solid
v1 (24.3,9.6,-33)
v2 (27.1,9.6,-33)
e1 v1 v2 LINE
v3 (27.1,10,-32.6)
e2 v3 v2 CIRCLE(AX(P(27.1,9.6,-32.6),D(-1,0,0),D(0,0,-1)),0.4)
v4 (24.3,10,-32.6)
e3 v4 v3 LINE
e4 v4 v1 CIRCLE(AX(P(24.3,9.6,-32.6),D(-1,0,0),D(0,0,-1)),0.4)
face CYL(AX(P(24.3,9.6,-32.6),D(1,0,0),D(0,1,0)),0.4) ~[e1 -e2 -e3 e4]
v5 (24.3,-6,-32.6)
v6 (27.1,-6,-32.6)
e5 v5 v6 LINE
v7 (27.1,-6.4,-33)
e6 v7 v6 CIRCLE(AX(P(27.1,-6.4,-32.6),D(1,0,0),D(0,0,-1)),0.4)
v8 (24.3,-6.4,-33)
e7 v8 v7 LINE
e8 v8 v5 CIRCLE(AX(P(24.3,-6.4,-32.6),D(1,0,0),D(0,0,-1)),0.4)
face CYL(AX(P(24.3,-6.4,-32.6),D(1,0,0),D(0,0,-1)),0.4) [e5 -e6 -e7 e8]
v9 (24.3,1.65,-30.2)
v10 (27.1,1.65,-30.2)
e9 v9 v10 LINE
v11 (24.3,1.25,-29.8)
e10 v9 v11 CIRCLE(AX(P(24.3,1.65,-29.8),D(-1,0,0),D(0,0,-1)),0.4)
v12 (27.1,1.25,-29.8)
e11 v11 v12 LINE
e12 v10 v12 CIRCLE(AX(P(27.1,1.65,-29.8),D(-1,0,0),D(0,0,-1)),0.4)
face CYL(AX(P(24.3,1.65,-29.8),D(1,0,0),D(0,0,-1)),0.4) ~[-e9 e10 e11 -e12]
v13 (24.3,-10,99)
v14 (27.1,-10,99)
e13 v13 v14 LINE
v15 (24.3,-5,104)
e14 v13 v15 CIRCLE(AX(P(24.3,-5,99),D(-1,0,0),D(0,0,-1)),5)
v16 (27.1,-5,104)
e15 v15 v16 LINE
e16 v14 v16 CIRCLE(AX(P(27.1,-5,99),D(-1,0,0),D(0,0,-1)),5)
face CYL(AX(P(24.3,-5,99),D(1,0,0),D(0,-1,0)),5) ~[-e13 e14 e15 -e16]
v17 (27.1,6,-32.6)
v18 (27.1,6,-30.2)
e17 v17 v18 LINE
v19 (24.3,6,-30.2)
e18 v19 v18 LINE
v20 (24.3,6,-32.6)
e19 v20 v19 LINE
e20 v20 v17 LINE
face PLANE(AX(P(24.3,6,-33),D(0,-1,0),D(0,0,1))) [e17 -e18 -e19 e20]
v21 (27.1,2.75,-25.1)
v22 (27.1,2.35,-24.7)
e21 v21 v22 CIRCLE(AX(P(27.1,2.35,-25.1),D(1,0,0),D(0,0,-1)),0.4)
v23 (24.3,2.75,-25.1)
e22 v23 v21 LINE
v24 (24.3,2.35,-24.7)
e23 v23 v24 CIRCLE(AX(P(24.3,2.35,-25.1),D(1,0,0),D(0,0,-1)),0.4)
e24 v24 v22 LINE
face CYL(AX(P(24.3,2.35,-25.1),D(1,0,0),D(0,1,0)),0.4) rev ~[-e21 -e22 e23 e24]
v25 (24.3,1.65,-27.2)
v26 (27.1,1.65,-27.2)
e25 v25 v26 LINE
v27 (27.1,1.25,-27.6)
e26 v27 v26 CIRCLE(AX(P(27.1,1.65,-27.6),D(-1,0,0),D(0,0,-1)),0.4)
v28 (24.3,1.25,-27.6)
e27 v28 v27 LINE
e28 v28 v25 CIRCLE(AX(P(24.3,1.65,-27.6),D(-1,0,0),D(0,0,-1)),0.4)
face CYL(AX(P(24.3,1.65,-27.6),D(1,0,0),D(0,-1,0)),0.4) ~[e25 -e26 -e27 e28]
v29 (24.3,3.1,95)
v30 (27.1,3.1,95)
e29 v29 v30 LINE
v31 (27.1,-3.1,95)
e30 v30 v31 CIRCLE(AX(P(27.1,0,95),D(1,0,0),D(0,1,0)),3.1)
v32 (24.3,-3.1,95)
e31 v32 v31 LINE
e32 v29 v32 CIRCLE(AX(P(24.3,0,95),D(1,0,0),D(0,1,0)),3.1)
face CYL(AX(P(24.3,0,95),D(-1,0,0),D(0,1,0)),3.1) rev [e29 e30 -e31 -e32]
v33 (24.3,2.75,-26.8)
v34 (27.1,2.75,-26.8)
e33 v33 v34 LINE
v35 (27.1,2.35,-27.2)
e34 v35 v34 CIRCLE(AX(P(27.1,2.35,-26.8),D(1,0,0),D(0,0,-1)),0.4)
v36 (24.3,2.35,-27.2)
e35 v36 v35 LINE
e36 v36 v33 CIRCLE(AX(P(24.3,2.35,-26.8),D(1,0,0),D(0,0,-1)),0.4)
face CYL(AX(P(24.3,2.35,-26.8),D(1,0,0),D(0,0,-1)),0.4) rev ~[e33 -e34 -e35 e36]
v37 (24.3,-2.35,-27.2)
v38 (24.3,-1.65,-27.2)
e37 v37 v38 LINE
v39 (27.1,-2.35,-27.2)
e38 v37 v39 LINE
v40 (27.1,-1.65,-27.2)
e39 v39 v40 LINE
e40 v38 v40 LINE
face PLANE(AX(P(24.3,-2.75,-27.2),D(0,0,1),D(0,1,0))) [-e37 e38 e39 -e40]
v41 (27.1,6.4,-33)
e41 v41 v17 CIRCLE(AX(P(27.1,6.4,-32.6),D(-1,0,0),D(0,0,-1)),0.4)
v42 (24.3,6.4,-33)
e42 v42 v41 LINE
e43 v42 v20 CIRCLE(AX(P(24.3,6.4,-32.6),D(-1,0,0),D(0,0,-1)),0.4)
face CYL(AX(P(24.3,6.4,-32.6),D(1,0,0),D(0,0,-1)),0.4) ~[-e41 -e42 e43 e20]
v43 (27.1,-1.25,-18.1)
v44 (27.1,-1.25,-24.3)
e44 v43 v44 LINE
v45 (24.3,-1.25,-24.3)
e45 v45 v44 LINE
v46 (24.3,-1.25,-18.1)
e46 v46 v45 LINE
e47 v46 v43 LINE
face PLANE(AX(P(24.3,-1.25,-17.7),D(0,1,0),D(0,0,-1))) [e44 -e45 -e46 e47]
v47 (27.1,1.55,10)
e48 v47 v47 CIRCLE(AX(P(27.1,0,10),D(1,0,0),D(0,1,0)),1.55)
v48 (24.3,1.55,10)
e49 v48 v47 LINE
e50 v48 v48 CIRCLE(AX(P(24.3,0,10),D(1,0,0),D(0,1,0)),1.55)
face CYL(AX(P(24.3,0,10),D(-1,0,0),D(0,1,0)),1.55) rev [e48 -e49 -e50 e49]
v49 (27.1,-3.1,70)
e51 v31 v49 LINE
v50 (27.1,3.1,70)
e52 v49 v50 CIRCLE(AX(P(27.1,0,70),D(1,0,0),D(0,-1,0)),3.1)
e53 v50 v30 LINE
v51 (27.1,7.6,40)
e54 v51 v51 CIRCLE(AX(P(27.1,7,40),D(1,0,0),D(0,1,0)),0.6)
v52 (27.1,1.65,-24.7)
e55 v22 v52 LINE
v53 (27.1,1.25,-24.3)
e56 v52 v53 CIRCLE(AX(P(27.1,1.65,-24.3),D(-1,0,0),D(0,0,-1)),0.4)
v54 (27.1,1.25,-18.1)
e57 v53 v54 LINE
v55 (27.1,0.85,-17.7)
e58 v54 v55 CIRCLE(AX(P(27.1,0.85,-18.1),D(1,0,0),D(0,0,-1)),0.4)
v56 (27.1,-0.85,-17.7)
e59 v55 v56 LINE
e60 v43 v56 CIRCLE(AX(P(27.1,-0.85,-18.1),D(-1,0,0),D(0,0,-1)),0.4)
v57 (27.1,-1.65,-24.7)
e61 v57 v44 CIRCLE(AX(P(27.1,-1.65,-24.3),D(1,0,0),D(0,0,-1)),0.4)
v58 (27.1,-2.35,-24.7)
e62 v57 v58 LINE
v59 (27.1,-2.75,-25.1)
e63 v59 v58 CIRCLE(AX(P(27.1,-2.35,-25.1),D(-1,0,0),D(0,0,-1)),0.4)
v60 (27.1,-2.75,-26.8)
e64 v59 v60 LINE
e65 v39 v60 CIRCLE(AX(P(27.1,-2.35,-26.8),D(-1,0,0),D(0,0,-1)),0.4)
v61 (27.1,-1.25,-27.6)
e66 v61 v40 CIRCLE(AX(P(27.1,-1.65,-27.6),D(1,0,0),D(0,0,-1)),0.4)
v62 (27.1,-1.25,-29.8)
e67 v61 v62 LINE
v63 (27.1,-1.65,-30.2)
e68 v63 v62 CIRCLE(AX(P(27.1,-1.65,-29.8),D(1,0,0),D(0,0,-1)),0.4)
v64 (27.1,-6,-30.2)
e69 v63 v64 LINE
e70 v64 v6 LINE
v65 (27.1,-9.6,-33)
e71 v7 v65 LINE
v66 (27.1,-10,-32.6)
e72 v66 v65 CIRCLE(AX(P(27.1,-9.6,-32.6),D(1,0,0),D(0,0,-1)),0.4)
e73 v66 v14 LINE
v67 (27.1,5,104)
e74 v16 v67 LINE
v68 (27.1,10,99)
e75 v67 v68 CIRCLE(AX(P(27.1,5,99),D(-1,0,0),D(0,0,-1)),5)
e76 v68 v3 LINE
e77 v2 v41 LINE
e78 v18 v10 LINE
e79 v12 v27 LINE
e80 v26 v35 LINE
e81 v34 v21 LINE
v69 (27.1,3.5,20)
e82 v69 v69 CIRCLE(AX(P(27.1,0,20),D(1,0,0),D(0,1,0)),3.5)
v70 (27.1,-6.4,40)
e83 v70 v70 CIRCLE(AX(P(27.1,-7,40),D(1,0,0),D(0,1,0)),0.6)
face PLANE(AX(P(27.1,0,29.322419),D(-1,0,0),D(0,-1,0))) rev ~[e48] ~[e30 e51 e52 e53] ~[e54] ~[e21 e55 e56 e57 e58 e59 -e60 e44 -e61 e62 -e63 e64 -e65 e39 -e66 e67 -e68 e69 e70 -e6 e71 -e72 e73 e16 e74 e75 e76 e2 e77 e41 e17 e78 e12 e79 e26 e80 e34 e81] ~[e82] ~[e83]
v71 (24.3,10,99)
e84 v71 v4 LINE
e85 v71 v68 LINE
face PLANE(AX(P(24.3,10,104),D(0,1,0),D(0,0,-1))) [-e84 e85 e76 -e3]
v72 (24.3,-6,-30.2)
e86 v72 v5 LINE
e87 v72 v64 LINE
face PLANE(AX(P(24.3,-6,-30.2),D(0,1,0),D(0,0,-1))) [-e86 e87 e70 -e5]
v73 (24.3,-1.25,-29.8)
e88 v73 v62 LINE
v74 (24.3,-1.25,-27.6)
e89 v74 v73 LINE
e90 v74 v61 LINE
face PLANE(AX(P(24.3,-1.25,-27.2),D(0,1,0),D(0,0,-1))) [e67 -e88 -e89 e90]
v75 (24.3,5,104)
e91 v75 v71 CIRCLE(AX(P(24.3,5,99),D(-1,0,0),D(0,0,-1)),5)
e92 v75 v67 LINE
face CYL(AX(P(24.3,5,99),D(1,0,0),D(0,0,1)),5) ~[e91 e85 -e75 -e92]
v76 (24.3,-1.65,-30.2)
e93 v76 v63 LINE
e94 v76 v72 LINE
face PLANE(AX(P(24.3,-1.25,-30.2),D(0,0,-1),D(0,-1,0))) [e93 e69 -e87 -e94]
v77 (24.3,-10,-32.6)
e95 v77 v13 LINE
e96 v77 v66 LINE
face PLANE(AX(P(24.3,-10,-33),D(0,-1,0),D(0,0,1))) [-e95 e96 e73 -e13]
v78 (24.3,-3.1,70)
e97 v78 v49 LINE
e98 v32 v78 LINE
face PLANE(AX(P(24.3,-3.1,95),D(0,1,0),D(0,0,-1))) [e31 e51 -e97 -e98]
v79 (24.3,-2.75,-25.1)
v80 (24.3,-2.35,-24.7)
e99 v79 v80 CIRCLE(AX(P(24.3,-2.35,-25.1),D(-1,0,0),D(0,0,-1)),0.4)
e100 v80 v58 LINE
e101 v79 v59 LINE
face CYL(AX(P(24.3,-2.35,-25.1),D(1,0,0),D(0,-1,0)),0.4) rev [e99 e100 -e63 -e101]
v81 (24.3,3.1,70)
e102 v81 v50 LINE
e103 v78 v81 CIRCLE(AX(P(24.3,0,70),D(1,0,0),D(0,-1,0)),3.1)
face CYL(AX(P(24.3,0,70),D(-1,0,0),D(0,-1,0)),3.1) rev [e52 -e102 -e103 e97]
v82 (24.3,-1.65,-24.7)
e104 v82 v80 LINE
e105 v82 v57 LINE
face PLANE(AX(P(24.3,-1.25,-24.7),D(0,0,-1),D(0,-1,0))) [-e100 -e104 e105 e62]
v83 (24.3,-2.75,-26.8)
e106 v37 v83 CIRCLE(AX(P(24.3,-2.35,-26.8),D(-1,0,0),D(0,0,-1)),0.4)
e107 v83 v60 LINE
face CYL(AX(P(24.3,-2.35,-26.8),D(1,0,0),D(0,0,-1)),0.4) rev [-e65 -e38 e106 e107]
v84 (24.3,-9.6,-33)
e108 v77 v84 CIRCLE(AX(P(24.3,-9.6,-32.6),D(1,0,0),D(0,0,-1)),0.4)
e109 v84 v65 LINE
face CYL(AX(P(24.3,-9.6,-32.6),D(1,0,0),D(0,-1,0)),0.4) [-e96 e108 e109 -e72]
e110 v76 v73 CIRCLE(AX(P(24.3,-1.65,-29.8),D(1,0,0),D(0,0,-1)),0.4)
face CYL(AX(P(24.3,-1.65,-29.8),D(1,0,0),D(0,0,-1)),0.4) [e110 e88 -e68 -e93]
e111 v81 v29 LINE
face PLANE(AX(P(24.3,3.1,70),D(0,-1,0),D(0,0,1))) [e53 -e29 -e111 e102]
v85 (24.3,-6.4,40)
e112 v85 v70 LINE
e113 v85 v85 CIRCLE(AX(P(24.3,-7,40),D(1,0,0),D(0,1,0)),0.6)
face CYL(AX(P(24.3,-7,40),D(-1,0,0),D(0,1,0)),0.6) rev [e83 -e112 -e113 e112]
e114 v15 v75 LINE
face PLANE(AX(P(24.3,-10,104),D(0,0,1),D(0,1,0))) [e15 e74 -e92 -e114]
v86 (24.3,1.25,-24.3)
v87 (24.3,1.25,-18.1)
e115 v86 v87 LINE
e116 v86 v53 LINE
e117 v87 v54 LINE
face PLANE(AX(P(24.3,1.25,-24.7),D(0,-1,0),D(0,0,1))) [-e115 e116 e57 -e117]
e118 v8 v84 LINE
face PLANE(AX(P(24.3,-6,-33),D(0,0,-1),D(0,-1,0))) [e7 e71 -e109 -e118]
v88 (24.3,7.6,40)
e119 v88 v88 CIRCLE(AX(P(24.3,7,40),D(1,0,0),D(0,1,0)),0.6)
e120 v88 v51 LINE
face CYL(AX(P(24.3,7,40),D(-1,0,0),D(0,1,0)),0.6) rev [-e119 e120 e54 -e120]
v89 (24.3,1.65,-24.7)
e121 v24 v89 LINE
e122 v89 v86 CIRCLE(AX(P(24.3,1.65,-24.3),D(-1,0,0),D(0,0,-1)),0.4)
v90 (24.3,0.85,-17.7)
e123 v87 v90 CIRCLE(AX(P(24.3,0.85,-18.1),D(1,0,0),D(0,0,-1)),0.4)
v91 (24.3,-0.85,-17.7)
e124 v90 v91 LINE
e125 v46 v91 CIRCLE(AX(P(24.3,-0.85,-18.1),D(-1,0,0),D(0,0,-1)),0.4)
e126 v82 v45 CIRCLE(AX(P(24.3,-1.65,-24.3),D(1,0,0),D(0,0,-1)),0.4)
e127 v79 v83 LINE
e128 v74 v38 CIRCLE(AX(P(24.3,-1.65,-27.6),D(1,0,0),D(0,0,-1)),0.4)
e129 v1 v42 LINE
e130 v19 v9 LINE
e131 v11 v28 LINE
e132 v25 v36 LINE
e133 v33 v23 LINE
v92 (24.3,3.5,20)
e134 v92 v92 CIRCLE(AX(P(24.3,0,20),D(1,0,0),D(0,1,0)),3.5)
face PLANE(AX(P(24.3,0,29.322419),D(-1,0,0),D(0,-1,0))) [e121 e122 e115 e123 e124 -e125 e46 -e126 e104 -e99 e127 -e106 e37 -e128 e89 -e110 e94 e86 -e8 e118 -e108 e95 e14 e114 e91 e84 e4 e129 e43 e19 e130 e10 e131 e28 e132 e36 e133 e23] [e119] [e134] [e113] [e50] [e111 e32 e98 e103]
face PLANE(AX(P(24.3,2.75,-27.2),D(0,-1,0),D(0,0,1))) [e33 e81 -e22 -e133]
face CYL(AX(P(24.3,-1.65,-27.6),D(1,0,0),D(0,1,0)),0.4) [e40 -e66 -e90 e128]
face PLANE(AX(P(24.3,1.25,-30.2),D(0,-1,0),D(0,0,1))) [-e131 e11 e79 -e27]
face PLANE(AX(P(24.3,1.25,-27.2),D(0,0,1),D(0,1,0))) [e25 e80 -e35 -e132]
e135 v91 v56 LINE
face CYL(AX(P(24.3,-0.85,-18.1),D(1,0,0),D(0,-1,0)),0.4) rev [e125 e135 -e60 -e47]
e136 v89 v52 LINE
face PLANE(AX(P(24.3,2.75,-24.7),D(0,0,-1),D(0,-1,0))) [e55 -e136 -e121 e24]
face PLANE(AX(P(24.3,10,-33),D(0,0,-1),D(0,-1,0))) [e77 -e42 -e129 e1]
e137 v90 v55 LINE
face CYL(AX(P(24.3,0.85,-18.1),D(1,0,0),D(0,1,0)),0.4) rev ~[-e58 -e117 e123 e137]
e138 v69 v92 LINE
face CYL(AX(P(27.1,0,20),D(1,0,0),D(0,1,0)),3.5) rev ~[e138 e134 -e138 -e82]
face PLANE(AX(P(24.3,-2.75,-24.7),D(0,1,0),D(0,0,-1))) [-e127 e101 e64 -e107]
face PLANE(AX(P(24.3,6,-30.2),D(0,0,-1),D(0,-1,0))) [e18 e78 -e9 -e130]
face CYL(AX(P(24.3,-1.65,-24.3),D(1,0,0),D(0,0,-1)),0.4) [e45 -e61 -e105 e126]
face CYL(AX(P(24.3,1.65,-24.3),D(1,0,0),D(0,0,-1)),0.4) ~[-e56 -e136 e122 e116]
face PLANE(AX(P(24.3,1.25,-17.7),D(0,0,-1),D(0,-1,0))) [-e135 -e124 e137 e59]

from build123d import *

# Parameters (mm, degrees)
SKETCH001_R             = 1.55
SKETCH001_R_2           = 0.6
PAD004_DEPTH            = 2.8
FILLET_R                = 0.4
FILLET001_R             = 5
SKETCH019_R             = 3.5
POCKET_DEPTH            = 2.801
BODY014_PLACEMENT_ANGLE = 180


with BuildPart() as part:
    # Sketch001 (on DatumPlane) → Pad004 (new body)
    with BuildSketch(Plane(origin=(-24.3, 0, 0), x_dir=(0, -1, 0), z_dir=(-1, 0, 0))):
        Polygon((-10, 84), (10, 84), (10, -53), (6, -53), (6, -50.2), (1.25, -50.2), (1.25, -47.2), (2.75, -47.2), (2.75, -44.7), (1.25, -44.7), (1.25, -37.7), (-1.25, -37.7), (-1.25, -44.7), (-2.75, -44.7), (-2.75, -47.2), (-1.25, -47.2), (-1.25, -50.2), (-6, -50.2), (-6, -53), (-10, -53), align=None)
        with Locations((0, -10)):
            Circle(SKETCH001_R, mode=Mode.SUBTRACT)
        with Locations((-7, 20)):
            Circle(SKETCH001_R_2, mode=Mode.SUBTRACT)
        with Locations((7, 20)):
            Circle(SKETCH001_R_2, mode=Mode.SUBTRACT)
        with BuildLine():
            ThreePointArc((3.1, 75), (0, 78.1), (-3.1, 75))
            Line((-3.1, 75), (-3.1, 50))
            ThreePointArc((-3.1, 50), (0, 46.9), (3.1, 50))
            Line((3.1, 50), (3.1, 75))
        make_face(mode=Mode.SUBTRACT)
    extrude(amount=PAD004_DEPTH)

    # Fillet
    fillet_edges = [part.edges().sort_by_distance(p)[0] for p in [
        (-25.7, 10, -53),
        (-25.7, 6, -53),
        (-25.7, -10, -53),
        (-25.7, -6, -53),
        (-25.7, 1.25, -50.2),
        (-25.7, -1.25, -50.2),
        (-25.7, 1.25, -37.7),
        (-25.7, -1.25, -37.7),
        (-25.7, 1.25, -47.2),
        (-25.7, -1.25, -47.2),
        (-25.7, 1.25, -44.7),
        (-25.7, -1.25, -44.7),
        (-25.7, -2.75, -47.2),
        (-25.7, 2.75, -47.2),
        (-25.7, 2.75, -44.7),
        (-25.7, -2.75, -44.7),
    ]]
    fillet(fillet_edges, radius=FILLET_R)

    # Fillet001
    fillet001_edges = [part.edges().sort_by_distance(p)[0] for p in [
        (-25.7, 10, 84),
        (-25.7, -10, 84),
    ]]
    fillet(fillet001_edges, radius=FILLET001_R)

    # Sketch019 (on Face47 of Fillet001) → Pocket (cut, through all)
    with BuildSketch(Plane(origin=(-27.1, 0, 0), x_dir=(0, -1, 0), z_dir=(-1, 0, 0))):
        Circle(SKETCH019_R)
    extrude(amount=-POCKET_DEPTH, mode=Mode.SUBTRACT)


with BuildPart() as part_1:
    # Body014 placement: moved
    add(part.part.moved(Location((0, 0, 20))).rotate(Axis((0, 0, 20), (0, 0, 1)), BODY014_PLACEMENT_ANGLE))


solid = part_1.part
